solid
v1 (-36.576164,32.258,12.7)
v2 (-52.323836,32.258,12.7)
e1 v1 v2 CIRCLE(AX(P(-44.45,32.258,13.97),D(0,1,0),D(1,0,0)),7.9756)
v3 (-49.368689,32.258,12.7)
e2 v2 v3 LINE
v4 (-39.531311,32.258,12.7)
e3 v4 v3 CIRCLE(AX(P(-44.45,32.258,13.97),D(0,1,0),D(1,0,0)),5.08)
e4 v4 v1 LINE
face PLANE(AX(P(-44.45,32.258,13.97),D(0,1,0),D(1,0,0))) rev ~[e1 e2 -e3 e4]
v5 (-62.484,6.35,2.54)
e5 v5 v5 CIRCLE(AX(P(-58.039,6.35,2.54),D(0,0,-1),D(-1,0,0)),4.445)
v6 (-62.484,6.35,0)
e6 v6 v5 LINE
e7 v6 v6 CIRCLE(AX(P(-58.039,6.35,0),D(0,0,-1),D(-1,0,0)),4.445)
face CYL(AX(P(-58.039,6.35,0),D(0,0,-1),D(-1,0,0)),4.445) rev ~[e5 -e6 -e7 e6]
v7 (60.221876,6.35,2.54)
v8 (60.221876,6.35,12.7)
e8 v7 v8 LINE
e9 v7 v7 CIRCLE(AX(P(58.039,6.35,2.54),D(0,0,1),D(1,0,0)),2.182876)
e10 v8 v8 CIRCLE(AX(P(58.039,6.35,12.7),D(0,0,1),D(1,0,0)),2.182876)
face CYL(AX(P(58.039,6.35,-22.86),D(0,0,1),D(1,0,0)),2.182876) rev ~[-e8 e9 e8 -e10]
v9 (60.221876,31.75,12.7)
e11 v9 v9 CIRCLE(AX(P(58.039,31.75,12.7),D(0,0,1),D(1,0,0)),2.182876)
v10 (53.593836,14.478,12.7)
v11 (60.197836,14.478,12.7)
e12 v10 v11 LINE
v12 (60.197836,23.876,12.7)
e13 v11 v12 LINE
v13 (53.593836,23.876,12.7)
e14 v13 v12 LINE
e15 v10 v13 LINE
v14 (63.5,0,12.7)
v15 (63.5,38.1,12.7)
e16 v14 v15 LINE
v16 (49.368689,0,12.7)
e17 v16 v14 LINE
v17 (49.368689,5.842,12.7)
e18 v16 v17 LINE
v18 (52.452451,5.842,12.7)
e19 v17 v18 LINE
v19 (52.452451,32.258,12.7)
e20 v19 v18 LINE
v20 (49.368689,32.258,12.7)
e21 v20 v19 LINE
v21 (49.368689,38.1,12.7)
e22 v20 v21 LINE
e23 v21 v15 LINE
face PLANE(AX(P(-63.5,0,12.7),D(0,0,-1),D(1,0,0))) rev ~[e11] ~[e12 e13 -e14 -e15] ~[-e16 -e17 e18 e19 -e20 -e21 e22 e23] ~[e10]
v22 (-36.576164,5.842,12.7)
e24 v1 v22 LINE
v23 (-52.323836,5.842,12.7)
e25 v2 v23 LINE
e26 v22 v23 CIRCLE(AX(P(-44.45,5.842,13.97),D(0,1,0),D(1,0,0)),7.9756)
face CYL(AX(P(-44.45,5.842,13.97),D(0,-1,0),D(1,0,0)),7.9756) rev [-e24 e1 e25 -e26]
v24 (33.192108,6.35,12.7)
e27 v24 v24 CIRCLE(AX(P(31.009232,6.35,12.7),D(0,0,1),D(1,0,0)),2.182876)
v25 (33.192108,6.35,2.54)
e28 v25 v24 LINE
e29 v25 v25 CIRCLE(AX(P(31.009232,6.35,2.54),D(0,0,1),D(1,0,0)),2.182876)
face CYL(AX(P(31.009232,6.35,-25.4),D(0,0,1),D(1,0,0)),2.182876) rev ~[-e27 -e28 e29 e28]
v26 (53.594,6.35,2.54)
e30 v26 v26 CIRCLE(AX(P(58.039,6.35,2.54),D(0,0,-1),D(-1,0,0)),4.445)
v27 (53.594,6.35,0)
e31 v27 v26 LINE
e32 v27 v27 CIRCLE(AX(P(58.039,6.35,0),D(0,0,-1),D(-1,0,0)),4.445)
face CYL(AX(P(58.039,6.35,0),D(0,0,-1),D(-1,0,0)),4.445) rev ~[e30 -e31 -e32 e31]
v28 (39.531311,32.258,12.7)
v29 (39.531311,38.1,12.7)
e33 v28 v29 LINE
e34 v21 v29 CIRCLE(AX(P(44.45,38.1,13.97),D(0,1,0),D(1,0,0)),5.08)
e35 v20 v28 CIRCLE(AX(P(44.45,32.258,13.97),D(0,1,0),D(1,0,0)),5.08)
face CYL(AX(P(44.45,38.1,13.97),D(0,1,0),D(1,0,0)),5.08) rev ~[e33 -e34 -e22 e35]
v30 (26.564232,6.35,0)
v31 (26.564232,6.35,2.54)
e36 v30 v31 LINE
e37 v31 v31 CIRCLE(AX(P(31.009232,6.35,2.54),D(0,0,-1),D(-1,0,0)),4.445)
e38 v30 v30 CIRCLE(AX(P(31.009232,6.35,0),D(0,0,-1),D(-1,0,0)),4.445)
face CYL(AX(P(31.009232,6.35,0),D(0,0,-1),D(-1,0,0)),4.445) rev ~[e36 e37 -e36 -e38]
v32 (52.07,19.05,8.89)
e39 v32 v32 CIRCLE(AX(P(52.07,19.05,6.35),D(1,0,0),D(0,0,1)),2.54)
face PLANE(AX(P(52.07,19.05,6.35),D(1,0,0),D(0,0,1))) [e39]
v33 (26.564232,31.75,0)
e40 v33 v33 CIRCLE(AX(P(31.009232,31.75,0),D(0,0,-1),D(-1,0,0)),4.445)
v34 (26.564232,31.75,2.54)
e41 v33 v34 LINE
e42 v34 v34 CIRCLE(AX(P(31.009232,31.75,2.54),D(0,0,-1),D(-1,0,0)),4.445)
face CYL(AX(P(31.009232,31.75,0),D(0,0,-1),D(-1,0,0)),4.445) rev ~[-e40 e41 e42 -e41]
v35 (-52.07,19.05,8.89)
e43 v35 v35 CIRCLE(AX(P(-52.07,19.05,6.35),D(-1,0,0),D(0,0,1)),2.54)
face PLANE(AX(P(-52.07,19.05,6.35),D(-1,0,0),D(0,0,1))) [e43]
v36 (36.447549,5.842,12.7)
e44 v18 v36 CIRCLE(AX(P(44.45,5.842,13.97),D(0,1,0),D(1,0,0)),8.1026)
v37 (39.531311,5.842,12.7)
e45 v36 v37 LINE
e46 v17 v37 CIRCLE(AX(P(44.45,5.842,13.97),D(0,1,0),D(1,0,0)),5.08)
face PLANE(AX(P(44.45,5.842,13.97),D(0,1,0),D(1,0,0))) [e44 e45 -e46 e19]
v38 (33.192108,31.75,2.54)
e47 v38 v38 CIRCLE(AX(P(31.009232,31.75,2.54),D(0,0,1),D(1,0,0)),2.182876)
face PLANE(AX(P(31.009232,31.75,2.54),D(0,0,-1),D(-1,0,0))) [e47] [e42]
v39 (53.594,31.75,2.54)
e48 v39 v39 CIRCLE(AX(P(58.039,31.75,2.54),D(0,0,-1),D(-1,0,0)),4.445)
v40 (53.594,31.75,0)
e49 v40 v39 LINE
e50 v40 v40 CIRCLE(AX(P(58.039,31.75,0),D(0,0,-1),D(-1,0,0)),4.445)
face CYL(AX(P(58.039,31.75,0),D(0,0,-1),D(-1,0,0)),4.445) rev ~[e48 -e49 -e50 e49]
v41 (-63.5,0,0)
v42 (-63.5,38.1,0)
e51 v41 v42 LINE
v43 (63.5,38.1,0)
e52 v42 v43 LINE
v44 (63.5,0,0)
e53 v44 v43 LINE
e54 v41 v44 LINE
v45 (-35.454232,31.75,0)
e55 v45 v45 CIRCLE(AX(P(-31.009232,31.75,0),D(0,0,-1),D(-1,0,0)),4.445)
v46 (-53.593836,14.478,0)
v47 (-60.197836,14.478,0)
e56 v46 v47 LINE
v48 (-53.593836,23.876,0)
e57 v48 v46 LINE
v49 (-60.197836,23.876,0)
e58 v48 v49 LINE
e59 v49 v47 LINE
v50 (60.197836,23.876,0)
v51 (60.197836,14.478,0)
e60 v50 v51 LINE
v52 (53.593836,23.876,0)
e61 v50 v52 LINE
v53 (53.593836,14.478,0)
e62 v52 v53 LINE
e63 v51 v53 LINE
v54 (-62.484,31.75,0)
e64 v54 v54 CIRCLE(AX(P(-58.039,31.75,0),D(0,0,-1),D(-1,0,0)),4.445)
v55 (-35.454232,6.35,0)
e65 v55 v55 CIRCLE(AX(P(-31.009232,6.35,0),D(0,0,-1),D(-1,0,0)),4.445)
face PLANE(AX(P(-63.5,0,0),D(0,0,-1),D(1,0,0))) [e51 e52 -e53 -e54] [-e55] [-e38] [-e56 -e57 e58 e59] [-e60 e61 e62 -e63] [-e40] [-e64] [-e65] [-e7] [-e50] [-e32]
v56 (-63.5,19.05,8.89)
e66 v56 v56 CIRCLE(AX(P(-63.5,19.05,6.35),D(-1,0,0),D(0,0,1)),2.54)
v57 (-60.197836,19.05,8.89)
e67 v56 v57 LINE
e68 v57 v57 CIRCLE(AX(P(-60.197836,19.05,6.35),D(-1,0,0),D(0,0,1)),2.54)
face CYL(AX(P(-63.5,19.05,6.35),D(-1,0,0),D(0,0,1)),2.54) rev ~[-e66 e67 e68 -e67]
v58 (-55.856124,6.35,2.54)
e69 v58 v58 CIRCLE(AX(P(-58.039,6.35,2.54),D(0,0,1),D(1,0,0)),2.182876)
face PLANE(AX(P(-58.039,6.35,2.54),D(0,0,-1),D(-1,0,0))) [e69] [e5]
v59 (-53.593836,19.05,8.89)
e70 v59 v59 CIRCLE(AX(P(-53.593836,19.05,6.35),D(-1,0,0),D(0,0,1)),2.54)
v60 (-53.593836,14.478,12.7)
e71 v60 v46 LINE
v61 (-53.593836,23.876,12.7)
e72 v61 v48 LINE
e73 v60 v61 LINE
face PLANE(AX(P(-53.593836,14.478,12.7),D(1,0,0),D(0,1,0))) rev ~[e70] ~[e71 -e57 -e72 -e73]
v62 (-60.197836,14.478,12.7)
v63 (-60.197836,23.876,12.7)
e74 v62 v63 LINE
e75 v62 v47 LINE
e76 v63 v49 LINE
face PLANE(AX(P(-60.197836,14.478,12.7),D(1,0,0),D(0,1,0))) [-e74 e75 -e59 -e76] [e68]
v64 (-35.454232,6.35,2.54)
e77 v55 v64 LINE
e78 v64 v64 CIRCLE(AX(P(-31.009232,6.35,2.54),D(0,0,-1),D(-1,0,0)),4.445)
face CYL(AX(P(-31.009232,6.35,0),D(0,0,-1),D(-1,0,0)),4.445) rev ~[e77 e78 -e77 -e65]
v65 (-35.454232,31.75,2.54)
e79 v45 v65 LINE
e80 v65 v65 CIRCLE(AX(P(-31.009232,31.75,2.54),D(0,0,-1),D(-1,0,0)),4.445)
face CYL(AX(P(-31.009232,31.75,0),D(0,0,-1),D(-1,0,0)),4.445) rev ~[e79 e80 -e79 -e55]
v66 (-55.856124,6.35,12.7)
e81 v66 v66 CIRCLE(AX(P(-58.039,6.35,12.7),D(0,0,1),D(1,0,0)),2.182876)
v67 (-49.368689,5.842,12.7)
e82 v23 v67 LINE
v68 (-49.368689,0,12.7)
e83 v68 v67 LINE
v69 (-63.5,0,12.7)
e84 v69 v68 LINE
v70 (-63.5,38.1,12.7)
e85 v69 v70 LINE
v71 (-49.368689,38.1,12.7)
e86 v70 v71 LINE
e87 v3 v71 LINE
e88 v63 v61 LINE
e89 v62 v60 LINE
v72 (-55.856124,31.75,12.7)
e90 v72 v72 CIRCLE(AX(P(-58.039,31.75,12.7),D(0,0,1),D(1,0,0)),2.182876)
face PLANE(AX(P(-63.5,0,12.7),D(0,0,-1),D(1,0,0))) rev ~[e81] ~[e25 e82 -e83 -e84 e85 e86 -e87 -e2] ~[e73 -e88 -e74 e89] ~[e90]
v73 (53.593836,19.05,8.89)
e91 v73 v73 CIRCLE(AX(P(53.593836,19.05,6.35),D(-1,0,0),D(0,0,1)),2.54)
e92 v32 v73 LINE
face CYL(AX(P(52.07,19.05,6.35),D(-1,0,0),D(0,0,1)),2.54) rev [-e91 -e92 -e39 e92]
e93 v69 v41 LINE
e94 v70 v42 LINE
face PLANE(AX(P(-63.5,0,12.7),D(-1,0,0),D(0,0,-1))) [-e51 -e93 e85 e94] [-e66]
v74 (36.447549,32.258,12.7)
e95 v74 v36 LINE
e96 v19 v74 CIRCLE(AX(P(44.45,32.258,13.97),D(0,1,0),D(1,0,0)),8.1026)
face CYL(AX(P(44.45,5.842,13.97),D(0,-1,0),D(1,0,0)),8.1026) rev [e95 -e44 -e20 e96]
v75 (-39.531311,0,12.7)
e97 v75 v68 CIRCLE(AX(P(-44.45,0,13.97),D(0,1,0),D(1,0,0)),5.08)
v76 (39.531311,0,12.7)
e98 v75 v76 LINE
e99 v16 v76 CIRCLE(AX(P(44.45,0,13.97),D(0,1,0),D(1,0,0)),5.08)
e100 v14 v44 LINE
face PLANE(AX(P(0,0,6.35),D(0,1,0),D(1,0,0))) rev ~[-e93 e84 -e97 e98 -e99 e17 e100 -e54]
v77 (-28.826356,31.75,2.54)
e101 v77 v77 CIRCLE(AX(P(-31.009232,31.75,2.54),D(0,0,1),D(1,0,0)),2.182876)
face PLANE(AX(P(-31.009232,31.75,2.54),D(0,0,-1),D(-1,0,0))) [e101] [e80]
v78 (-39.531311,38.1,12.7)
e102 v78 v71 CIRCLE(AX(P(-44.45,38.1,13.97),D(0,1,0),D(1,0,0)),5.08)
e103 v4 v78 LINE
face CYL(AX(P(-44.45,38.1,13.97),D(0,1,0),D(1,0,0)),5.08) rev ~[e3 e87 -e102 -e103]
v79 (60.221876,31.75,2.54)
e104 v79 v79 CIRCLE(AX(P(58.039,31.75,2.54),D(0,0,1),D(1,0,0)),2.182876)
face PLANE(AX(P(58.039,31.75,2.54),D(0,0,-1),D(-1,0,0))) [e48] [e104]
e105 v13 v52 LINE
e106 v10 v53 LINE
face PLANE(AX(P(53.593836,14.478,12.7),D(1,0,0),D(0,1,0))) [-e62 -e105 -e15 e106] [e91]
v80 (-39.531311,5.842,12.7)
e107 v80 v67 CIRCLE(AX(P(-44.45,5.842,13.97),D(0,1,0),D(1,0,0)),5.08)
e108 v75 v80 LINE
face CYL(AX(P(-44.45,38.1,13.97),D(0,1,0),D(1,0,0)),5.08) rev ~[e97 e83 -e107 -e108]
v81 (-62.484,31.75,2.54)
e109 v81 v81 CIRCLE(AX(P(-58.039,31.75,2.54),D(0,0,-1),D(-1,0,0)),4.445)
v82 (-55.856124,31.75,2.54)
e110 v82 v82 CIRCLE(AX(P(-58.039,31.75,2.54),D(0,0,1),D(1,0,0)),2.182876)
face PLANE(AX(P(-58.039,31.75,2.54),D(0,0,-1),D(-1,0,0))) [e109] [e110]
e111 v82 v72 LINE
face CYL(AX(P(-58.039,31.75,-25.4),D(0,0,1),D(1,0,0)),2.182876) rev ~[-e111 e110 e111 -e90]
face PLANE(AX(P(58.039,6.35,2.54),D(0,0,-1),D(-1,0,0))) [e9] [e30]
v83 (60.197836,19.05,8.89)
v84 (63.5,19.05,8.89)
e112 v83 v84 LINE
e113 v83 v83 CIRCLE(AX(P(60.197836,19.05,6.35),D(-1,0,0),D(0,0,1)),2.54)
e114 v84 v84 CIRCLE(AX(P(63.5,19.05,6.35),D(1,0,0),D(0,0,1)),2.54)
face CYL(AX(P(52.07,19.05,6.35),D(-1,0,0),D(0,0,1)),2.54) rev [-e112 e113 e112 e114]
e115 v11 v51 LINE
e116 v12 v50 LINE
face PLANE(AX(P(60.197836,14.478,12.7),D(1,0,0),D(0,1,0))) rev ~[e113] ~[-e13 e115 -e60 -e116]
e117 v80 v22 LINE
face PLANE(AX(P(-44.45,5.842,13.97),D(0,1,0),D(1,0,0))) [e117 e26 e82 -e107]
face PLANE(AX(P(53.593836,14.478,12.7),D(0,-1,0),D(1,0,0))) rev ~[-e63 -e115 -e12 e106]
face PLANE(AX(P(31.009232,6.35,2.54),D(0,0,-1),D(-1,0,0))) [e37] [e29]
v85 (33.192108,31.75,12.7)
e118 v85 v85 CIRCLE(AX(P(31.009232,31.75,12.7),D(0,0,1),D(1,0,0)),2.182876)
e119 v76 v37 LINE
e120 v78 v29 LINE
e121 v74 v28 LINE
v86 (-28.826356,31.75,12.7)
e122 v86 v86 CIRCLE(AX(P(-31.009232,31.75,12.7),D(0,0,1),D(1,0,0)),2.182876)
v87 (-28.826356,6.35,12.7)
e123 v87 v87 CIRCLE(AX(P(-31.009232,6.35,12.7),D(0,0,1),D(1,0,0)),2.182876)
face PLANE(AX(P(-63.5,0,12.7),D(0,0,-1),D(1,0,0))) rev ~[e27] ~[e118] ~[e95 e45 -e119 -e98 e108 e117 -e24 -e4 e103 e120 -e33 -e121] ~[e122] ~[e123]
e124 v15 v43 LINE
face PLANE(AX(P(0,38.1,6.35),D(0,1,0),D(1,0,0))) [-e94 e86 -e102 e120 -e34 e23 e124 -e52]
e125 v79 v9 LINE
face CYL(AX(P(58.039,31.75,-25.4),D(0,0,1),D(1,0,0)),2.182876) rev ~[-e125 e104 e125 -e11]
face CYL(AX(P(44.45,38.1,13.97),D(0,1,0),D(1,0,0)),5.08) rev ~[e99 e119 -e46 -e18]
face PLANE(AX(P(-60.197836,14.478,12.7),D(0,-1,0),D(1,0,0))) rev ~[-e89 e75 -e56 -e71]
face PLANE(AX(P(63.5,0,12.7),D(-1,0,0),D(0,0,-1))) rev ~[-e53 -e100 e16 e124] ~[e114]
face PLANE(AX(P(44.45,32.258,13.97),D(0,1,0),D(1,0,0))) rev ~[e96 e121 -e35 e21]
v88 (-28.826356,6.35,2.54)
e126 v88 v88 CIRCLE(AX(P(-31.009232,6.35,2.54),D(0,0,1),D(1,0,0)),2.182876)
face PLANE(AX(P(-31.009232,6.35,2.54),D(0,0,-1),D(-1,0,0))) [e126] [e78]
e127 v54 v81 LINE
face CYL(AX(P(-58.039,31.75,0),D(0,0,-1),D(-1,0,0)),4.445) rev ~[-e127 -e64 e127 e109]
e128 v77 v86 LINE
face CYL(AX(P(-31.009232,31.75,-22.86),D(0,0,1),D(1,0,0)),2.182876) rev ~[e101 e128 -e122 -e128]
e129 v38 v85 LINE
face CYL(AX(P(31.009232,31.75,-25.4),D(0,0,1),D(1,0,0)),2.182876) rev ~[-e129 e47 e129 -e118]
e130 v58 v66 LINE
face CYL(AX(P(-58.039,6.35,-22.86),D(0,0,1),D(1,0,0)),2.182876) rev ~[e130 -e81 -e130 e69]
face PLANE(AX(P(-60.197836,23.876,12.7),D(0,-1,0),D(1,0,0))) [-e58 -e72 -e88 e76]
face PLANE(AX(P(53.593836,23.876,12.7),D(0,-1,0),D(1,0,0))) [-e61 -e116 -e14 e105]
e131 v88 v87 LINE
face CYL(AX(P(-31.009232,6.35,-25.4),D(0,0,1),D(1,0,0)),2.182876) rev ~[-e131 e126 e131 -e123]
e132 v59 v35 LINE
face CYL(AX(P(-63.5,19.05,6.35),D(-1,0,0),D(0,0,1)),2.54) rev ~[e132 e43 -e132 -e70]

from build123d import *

# Parameters (mm, degrees)
SKETCH1_W                                      = 127
SKETCH1_H                                      = 12.7
BOSS_EXTRUDE1_DEPTH                            = 38.1
SKETCH3_R                                      = 4.445
CUT_EXTRUDE3_DEPTH                             = 2.54
CUT_EXTRUDE4_DEPTH                             = 13.208
CUT_EXTRUDE4_DEPTH_BACK                        = 13.208
SKETCH2_R                                      = 7.9756
SKETCH2_R_2                                    = 8.1026
SKETCH6_R                                      = 5.08
CUT_EXTRUDE5_DEPTH                             = 38.1
F_11_64_0_17188_DIAMETER_HOLE1_D               = 4.365752
F_11_64_0_17188_DIAMETER_HOLE1_DEPTH           = 25.4
F_11_64_0_17188_DIAMETER_HOLE1_TIP             = 1.311604225
F_11_64_0_17188_DIAMETER_HOLE1_ON_FACE_2_D     = 4.365752
F_11_64_0_17188_DIAMETER_HOLE1_ON_FACE_2_DEPTH = 25.4
F_11_64_0_17188_DIAMETER_HOLE1_ON_FACE_2_TIP   = 1.311604225
SKETCH9_R                                      = 2.54
CUT_EXTRUDE7_DEPTH                             = 11.43
SKETCH10_W                                     = 6.604
SKETCH10_H                                     = 9.398
CUT_EXTRUDE10_DEPTH                            = 76.134213245
CUT_EXTRUDE11_START                            = -11.43
SKETCH11_R                                     = 2.54
CUT_EXTRUDE11_DEPTH                            = 11.43


with BuildPart() as part:
    # Sketch1 → Boss-Extrude1 (new body)
    with BuildSketch(Plane(origin=(0, 0, 0), x_dir=(1, 0, 0), z_dir=(0, 1, 0))):
        with Locations((0, -6.35)):
            Rectangle(SKETCH1_W, SKETCH1_H)
    extrude(amount=BOSS_EXTRUDE1_DEPTH)

    # Sketch3 → Cut-Extrude3 (cut)
    with BuildSketch(Plane(origin=(0, 0, 0), x_dir=(-1, 0, 0), z_dir=(0, 0, -1))):
        with Locations((-58.039, 31.75)):
            Circle(SKETCH3_R)
        with Locations((-58.039, 6.35)):
            Circle(SKETCH3_R)
        with Locations((-31.009232106, 31.75)):
            Circle(SKETCH3_R)
        with Locations((-31.009232106, 6.35)):
            Circle(SKETCH3_R)
        with Locations((31.009232106, 31.75)):
            Circle(SKETCH3_R)
        with Locations((31.009232106, 6.35)):
            Circle(SKETCH3_R)
        with Locations((58.039, 31.75)):
            Circle(SKETCH3_R)
        with Locations((58.039, 6.35)):
            Circle(SKETCH3_R)
    extrude(amount=-CUT_EXTRUDE3_DEPTH, mode=Mode.SUBTRACT)

    # Sketch2 → Cut-Extrude4 (cut, two sides: drawn at the far end of the back side and taken through both)
    with BuildSketch(Plane(origin=(0, 19.05, 0), x_dir=(1, 0, 0), z_dir=(0, 1, 0)).offset(-CUT_EXTRUDE4_DEPTH_BACK)):
        with Locations((-44.45, -13.97)):
            Circle(SKETCH2_R)
        with Locations((44.45, -13.97)):
            Circle(SKETCH2_R_2)
    extrude(amount=CUT_EXTRUDE4_DEPTH + CUT_EXTRUDE4_DEPTH_BACK, mode=Mode.SUBTRACT)

    # Sketch6 → Cut-Extrude5 (cut)
    with BuildSketch(Plane(origin=(0, 38.1, 0), x_dir=(1, 0, 0), z_dir=(0, 1, 0))):
        with Locations((-44.45, -13.97)):
            Circle(SKETCH6_R)
        with Locations((44.45, -13.97)):
            Circle(SKETCH6_R)
    extrude(amount=-CUT_EXTRUDE5_DEPTH, mode=Mode.SUBTRACT)

    # 11/64 (0.17188) Diameter Hole1
    with Locations(Plane(origin=(58.039, 31.75, 0), x_dir=(-1, 0, 0), z_dir=(0, 0, -1))):
        with Locations((0, 0), (27.029767894, 0), (27.029767894, -25.4), (89.048232106, -25.4), (116.078, 0)):
            Hole(F_11_64_0_17188_DIAMETER_HOLE1_D / 2, depth=F_11_64_0_17188_DIAMETER_HOLE1_DEPTH)
            with Locations((0, 0, -(F_11_64_0_17188_DIAMETER_HOLE1_DEPTH + F_11_64_0_17188_DIAMETER_HOLE1_TIP / 2))):  # 118° drill point
                Cone(0, F_11_64_0_17188_DIAMETER_HOLE1_D / 2, F_11_64_0_17188_DIAMETER_HOLE1_TIP, mode=Mode.SUBTRACT)

    # 11/64 (0.17188) Diameter Hole1 on face 2
    with Locations(Plane(origin=(58.039, 6.35, 2.54), x_dir=(-1, 0, 0), z_dir=(0, 0, -1))):
        with Locations((0, 0), (89.048232106, 25.4), (116.078, 0)):
            Hole(F_11_64_0_17188_DIAMETER_HOLE1_ON_FACE_2_D / 2, depth=F_11_64_0_17188_DIAMETER_HOLE1_ON_FACE_2_DEPTH)
            with Locations((0, 0, -(F_11_64_0_17188_DIAMETER_HOLE1_ON_FACE_2_DEPTH + F_11_64_0_17188_DIAMETER_HOLE1_ON_FACE_2_TIP / 2))):  # 118° drill point
                Cone(0, F_11_64_0_17188_DIAMETER_HOLE1_ON_FACE_2_D / 2, F_11_64_0_17188_DIAMETER_HOLE1_ON_FACE_2_TIP, mode=Mode.SUBTRACT)

    # Sketch9 → Cut-Extrude7 (cut)
    with BuildSketch(Plane.ZY.offset(63.5)):
        with Locations((6.35, 19.05)):
            Circle(SKETCH9_R)
    extrude(amount=-CUT_EXTRUDE7_DEPTH, mode=Mode.SUBTRACT)

    # Sketch10 → Cut-Extrude10 (cut, through all)
    with BuildSketch(Plane.XY.offset(12.7)):
        with Locations((-56.895836127, 19.177)):
            Rectangle(SKETCH10_W, SKETCH10_H)
        with Locations((56.895836127, 19.177)):
            Rectangle(SKETCH10_W, SKETCH10_H)
    extrude(amount=-CUT_EXTRUDE10_DEPTH, mode=Mode.SUBTRACT)

    # Sketch11 → Cut-Extrude11 (cut)
    with BuildSketch(Plane(origin=(63.5, 0, 0), x_dir=(0, 0, -1), z_dir=(1, 0, 0)).offset(CUT_EXTRUDE11_START)):
        with Locations(Location((-6.35, 19.05, 0), (0, 0, 180))):
            Circle(SKETCH11_R)
    extrude(amount=CUT_EXTRUDE11_DEPTH, mode=Mode.SUBTRACT)


solid = part.part
